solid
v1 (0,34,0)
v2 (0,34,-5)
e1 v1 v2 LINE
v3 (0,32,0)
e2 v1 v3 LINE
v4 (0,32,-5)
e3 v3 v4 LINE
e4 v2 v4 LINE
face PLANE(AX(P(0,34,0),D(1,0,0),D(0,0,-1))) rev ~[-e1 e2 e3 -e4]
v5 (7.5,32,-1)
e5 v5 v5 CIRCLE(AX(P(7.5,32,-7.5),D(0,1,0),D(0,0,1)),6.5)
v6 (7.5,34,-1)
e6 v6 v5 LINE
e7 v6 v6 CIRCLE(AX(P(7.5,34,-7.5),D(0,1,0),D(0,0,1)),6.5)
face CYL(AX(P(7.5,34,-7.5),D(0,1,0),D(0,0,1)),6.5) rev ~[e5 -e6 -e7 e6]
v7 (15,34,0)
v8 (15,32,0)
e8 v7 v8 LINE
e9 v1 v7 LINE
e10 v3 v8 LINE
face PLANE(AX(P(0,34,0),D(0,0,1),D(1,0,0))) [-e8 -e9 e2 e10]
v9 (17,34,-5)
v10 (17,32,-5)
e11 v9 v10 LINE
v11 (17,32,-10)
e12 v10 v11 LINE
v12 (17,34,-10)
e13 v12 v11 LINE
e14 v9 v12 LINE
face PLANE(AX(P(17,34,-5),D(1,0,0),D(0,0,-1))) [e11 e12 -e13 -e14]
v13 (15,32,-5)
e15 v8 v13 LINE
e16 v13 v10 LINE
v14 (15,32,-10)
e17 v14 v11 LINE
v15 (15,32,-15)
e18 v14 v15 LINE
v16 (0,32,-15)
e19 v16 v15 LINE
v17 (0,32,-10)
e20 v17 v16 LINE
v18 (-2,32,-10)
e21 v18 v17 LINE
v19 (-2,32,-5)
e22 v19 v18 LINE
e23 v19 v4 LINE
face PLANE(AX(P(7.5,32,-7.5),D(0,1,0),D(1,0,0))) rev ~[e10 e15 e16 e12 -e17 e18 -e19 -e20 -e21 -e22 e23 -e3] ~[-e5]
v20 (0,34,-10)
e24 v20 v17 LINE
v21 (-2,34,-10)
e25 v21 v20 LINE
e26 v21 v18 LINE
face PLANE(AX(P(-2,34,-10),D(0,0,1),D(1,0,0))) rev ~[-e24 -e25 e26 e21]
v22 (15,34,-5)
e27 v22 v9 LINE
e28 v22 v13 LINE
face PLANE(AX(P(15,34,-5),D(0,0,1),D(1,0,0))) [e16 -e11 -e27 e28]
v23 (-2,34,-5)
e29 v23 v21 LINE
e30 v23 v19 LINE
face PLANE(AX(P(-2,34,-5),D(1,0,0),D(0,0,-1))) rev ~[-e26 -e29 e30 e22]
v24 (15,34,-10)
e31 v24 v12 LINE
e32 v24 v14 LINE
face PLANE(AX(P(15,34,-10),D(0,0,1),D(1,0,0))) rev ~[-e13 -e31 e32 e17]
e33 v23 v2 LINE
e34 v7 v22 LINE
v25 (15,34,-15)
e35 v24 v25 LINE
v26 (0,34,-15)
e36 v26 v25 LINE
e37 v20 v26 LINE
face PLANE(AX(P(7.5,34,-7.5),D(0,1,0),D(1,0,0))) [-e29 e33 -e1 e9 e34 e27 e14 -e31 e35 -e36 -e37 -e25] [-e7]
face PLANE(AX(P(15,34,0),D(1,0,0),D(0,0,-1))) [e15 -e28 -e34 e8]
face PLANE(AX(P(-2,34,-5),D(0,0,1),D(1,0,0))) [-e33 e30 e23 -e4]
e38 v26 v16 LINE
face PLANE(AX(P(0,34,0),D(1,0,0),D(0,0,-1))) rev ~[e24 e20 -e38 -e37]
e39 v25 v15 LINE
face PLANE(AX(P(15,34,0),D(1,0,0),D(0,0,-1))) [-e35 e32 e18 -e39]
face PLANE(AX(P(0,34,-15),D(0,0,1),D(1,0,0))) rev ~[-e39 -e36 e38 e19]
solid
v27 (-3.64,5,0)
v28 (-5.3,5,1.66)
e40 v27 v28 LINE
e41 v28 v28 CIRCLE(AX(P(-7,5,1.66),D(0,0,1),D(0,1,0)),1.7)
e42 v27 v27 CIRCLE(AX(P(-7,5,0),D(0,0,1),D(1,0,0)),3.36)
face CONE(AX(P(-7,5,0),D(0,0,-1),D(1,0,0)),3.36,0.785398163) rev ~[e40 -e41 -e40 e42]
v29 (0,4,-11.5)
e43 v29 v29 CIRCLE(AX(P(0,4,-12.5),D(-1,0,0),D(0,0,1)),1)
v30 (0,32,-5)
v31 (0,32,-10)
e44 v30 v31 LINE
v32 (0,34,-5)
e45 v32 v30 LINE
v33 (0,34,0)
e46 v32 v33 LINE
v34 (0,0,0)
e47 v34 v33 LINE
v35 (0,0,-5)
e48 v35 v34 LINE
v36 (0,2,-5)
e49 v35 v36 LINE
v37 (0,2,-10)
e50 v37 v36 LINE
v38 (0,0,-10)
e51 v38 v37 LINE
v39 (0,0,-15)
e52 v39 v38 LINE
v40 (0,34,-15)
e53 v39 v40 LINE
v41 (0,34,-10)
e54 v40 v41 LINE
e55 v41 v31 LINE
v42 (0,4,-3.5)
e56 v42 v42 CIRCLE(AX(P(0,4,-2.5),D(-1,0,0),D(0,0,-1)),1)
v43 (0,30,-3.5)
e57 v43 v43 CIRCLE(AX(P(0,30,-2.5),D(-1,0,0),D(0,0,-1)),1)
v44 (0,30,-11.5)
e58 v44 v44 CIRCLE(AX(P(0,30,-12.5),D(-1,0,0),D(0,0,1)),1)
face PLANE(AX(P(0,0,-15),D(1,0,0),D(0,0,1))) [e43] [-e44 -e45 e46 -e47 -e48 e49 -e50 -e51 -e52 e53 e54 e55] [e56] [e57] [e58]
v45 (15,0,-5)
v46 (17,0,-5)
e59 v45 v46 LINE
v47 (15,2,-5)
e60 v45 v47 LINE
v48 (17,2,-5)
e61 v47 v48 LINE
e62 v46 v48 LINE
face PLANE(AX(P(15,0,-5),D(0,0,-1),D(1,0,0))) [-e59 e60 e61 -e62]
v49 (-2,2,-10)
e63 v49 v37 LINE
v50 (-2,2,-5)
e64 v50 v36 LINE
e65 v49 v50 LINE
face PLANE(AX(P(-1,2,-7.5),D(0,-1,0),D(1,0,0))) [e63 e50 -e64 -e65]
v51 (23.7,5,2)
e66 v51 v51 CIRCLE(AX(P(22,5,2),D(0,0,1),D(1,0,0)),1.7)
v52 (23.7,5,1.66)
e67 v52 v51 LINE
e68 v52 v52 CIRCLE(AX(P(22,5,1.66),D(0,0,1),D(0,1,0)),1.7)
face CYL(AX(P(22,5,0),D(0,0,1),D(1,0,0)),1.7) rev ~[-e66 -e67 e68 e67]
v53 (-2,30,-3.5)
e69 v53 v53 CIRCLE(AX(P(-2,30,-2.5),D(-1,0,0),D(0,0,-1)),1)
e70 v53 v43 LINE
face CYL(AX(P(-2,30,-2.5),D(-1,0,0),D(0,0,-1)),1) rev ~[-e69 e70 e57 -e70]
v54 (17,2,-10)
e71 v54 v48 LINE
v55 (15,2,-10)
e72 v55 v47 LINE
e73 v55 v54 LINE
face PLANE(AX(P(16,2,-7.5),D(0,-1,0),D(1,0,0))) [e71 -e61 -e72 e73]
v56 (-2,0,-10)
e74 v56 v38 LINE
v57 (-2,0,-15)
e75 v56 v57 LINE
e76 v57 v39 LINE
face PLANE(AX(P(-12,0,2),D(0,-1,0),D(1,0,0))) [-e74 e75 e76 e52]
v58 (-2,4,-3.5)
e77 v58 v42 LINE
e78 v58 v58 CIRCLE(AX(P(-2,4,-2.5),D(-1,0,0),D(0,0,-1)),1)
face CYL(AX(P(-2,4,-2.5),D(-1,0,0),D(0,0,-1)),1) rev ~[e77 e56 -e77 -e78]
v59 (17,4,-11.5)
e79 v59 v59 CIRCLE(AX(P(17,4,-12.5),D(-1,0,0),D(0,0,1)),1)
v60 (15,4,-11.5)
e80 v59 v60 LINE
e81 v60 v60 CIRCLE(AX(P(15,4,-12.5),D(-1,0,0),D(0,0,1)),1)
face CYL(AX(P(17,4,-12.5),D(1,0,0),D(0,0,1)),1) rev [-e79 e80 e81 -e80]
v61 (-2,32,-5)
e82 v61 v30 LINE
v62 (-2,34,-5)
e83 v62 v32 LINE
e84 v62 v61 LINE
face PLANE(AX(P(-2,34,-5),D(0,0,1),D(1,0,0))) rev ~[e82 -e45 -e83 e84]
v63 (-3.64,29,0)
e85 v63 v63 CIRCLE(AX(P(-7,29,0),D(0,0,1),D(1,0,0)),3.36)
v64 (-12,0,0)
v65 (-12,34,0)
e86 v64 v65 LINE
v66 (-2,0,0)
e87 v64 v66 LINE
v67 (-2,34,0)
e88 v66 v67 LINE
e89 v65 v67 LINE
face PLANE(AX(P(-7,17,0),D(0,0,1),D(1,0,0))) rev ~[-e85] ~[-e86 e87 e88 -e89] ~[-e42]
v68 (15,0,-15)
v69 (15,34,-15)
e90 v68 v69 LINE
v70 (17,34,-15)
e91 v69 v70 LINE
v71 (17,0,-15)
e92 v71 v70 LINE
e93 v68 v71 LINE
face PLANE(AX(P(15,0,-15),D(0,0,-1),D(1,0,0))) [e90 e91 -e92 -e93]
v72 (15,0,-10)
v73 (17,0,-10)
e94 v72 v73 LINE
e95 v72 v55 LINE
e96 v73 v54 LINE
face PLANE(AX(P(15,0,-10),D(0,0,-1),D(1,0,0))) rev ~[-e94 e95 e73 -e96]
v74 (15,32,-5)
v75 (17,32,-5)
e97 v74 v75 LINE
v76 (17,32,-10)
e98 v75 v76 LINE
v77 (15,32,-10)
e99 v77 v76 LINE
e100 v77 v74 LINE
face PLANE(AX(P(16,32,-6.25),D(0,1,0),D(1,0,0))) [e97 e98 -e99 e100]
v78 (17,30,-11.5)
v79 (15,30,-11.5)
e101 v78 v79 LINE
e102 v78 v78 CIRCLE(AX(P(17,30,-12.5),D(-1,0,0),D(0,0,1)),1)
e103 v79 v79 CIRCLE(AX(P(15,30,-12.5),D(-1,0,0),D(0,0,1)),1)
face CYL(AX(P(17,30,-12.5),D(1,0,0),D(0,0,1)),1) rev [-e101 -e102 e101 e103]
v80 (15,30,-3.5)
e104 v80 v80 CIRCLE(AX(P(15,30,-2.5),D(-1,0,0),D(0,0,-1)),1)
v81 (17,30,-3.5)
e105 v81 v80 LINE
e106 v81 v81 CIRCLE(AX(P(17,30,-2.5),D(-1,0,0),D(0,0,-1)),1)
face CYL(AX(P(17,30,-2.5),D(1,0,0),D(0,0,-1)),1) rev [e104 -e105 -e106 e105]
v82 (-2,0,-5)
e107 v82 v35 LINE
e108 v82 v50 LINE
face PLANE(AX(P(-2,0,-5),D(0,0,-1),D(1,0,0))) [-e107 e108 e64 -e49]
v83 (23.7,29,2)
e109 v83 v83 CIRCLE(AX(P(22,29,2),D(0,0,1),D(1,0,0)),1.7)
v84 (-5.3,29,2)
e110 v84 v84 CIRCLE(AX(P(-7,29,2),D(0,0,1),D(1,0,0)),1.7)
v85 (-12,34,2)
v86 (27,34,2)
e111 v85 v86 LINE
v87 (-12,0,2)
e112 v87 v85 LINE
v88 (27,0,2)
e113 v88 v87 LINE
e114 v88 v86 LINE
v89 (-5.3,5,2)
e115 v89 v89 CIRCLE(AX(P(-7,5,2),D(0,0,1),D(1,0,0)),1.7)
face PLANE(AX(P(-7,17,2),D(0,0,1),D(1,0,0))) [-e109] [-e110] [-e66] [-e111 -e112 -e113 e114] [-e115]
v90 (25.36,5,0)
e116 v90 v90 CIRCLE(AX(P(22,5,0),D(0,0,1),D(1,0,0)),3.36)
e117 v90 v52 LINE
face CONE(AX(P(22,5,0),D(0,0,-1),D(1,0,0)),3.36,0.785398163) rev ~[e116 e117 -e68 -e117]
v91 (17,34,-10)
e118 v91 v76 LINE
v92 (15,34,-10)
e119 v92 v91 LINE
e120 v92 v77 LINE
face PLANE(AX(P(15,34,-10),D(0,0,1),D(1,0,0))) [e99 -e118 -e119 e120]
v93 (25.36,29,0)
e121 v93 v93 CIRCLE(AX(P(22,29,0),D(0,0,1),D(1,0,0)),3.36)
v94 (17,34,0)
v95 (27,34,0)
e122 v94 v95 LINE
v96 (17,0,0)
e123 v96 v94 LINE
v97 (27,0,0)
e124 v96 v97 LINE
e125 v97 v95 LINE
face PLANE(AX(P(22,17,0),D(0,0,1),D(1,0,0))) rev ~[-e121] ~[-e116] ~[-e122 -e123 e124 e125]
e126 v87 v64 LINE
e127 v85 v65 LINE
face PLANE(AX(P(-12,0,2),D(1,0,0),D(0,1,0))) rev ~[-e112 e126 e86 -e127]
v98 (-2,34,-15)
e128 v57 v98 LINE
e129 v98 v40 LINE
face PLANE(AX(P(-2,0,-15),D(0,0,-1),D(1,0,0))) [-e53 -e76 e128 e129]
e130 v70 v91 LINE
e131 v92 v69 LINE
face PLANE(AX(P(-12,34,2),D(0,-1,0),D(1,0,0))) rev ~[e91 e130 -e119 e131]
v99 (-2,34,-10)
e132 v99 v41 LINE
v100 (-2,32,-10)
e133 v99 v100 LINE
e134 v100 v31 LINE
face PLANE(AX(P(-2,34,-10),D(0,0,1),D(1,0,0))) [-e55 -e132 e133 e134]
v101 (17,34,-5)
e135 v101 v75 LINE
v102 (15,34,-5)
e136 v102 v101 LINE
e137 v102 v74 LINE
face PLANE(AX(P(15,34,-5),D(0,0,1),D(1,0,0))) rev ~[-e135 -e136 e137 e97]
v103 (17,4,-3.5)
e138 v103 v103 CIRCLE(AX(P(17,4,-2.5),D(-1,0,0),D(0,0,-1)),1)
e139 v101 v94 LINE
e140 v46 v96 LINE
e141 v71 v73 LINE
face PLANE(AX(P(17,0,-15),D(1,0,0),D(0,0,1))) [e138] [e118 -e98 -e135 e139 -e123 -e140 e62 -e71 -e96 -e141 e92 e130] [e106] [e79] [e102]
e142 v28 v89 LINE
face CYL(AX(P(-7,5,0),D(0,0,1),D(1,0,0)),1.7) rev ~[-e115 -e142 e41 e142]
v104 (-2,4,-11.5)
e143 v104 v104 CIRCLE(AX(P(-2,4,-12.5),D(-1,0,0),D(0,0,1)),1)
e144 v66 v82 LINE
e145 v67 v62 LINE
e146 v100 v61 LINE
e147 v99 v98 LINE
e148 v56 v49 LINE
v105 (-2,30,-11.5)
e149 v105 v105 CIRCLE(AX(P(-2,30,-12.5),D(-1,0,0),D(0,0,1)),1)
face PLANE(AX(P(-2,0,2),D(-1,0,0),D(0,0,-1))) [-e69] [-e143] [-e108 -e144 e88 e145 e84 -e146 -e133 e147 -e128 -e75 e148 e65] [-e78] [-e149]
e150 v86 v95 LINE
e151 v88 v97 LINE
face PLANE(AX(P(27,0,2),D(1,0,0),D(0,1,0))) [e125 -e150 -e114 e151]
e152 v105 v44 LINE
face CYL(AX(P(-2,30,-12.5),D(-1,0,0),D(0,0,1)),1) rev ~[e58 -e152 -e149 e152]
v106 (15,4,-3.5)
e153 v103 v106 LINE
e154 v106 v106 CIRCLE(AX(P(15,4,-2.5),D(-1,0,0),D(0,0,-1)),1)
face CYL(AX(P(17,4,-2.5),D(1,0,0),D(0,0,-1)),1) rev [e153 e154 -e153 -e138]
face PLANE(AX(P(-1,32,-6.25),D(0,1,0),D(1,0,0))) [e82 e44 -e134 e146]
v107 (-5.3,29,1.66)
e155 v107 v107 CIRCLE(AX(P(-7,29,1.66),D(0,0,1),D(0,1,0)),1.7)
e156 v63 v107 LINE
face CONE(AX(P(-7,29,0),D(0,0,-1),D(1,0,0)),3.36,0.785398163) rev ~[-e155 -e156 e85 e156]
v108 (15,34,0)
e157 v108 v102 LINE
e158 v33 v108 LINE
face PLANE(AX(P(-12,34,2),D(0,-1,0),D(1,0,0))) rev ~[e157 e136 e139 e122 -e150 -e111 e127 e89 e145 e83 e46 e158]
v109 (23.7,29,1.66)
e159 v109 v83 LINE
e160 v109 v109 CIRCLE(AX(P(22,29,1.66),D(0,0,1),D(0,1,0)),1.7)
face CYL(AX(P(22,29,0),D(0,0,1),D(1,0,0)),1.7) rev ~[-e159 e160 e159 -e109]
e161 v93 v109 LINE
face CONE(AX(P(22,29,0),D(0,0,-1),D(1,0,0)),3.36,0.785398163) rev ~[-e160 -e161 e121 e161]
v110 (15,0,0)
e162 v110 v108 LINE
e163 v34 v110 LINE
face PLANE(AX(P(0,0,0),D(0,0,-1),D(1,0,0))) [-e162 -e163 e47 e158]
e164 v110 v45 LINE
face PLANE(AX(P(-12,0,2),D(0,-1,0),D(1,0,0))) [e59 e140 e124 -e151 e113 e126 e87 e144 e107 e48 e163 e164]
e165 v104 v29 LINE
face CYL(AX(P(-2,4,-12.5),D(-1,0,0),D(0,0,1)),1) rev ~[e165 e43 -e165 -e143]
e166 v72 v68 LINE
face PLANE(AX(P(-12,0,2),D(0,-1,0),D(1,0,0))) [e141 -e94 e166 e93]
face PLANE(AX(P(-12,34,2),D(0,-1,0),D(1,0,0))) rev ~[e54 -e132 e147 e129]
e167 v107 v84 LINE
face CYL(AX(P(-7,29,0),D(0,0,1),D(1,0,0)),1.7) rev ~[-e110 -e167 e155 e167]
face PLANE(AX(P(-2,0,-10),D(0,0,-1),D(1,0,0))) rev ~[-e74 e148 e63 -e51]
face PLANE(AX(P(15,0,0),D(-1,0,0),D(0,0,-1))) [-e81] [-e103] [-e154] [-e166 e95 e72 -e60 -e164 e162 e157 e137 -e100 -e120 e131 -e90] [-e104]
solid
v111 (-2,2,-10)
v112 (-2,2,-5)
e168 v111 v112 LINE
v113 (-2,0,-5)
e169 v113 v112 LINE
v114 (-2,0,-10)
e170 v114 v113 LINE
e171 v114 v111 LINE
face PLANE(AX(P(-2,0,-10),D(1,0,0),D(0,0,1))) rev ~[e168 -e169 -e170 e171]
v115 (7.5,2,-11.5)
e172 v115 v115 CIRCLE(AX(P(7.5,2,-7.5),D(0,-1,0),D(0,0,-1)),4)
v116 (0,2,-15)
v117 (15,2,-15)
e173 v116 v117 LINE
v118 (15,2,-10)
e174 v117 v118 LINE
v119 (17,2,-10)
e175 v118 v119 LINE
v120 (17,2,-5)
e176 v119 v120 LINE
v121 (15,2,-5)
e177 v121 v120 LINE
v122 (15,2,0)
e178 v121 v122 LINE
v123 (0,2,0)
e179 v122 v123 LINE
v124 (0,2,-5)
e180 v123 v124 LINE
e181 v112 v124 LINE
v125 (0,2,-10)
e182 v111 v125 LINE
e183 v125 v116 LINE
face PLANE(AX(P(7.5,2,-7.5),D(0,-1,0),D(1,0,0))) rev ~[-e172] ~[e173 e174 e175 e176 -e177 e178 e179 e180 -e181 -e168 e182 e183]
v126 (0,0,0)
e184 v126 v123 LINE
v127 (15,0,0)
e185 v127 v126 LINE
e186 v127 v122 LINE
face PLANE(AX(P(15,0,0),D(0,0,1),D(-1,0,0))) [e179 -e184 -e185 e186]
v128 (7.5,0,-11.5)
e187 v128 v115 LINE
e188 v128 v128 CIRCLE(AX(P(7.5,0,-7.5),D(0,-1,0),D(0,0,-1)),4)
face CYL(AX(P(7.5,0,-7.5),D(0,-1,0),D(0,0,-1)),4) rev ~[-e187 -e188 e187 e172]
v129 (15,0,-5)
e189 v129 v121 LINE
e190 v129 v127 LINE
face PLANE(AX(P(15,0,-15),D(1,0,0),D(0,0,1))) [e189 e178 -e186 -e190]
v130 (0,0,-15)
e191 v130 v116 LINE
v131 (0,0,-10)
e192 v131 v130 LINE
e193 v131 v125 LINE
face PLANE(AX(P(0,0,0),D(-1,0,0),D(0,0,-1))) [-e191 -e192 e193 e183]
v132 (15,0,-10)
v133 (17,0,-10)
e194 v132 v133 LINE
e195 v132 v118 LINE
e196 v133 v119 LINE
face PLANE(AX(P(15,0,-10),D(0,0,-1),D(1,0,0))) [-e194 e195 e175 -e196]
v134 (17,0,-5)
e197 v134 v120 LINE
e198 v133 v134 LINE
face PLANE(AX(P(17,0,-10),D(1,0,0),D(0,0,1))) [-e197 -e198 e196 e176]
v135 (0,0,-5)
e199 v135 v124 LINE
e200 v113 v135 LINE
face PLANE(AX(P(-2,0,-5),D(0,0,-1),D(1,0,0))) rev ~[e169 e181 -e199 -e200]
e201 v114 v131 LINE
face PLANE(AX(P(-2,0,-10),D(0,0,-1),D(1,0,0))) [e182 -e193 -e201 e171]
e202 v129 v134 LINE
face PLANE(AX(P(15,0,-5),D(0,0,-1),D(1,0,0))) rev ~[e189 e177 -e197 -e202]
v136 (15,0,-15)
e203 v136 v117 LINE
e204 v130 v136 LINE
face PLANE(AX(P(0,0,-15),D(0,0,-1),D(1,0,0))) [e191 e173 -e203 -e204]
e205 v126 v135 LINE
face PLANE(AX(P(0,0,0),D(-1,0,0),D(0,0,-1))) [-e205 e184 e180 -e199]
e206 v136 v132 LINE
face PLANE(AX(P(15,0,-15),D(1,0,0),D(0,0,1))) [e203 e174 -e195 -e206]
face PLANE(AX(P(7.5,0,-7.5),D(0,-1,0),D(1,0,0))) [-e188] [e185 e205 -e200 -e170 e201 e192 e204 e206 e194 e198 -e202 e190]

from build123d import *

# Parameters (mm, degrees)
BOSS_EXTRUDE1_DEPTH                                  = 34
SKETCH2_W                                            = 10
SKETCH2_H                                            = 34
BOSS_EXTRUDE2_DEPTH                                  = 2
CSK_FOR_M3_HEX_SOCKET_COUNTERSUNK_CAP_SC_D           = 3.4
CSK_FOR_M3_HEX_SOCKET_COUNTERSUNK_CAP_SC_DEPTH       = 30
CSK_FOR_M3_HEX_SOCKET_COUNTERSUNK_CAP_SC_CSINK_D     = 6.72
CSK_FOR_M3_HEX_SOCKET_COUNTERSUNK_CAP_SC_CSINK_ANGLE = 90
CSK_FOR_M3_HEX_SOCKET_COUNTERSUNK_CAP_SC_TIP         = 1.021463052
SKETCH6_W                                            = 2
SKETCH6_H                                            = 5
CUT_EXTRUDE3_DEPTH                                   = 2
SKETCH6_5_R                                          = 4
BOSS_EXTRUDE5_DEPTH                                  = 2
CUT_EXTRUDE6_DEPTH                                   = 2
SKETCH9_3_R                                          = 6.5
BOSS_EXTRUDE7_DEPTH                                  = 2
SKETCH10_R                                           = 1
CUT_EXTRUDE7_DEPTH                                   = 2


with BuildPart() as part:
    # Sketch1 → Boss-Extrude1 (new body)
    with BuildSketch(Plane(origin=(0, 0, 0), x_dir=(1, 0, 0), z_dir=(0, 1, 0))):
        Polygon((0, 15), (0, 0), (15, 0), (15, 15), (17, 15), (17, -2), (-2, -2), (-2, 15), align=None)
    extrude(amount=BOSS_EXTRUDE1_DEPTH)

    # Sketch2 → Boss-Extrude2 (add)
    with BuildSketch(Plane.XY.offset(2)):
        with Locations((-7, 17)):
            Rectangle(SKETCH2_W, SKETCH2_H)
        with Locations((22, 17)):
            Rectangle(SKETCH2_W, SKETCH2_H)
    extrude(amount=-BOSS_EXTRUDE2_DEPTH)

    # CSK for M3 Hex Socket Countersunk Cap Screw1
    with Locations(Plane(origin=(0, 0, 0), x_dir=(-1, 0, 0), z_dir=(0, 0, -1))):
        with Locations((7, 29), (7, 5), (-22, 5), (-22, 29)):
            CounterSinkHole(CSK_FOR_M3_HEX_SOCKET_COUNTERSUNK_CAP_SC_D / 2, CSK_FOR_M3_HEX_SOCKET_COUNTERSUNK_CAP_SC_CSINK_D / 2, depth=CSK_FOR_M3_HEX_SOCKET_COUNTERSUNK_CAP_SC_DEPTH, counter_sink_angle=CSK_FOR_M3_HEX_SOCKET_COUNTERSUNK_CAP_SC_CSINK_ANGLE)
            with Locations((0, 0, -(CSK_FOR_M3_HEX_SOCKET_COUNTERSUNK_CAP_SC_DEPTH + CSK_FOR_M3_HEX_SOCKET_COUNTERSUNK_CAP_SC_TIP / 2))):  # 118° drill point
                Cone(0, CSK_FOR_M3_HEX_SOCKET_COUNTERSUNK_CAP_SC_D / 2, CSK_FOR_M3_HEX_SOCKET_COUNTERSUNK_CAP_SC_TIP, mode=Mode.SUBTRACT)

    # Sketch6 → Cut-Extrude3 (cut)
    with BuildSketch(Plane.XZ):
        with Locations((-1, -7.5)):
            Rectangle(SKETCH6_W, SKETCH6_H)
        with Locations((16, -7.5)):
            Rectangle(SKETCH6_W, SKETCH6_H)
    extrude(amount=-CUT_EXTRUDE3_DEPTH, mode=Mode.SUBTRACT)

    # Sketch9 → Cut-Extrude6 (cut)
    with BuildSketch(Plane(origin=(0, 34, 0), x_dir=(1, 0, 0), z_dir=(0, 1, 0))):
        Polygon((-2, 10), (-2, 5), (0, 5), (0, 0), (15, 0), (15, 5), (17, 5), (17, 10), (15, 10), (15, 15), (0, 15), (0, 10), align=None)
    extrude(amount=-CUT_EXTRUDE6_DEPTH, mode=Mode.SUBTRACT)

    # Sketch10 → Cut-Extrude7 (cut)
    with BuildSketch(Plane.ZY.offset(2)):
        with Locations((-12.5, 4)):
            Circle(SKETCH10_R)
        with Locations((-12.5, 30)):
            Circle(SKETCH10_R)
        with Locations((-2.5, 30)):
            Circle(SKETCH10_R)
        with Locations((-2.5, 4)):
            Circle(SKETCH10_R)
    cut_extrude7 = extrude(amount=-CUT_EXTRUDE7_DEPTH, mode=Mode.SUBTRACT)

    # Mirror2: Cut-Extrude7 across plane
    add(cut_extrude7.mirror(Plane(origin=(7.5, 0, 0), x_dir=(0, 0, 1), z_dir=(1, 0, 0))), mode=Mode.SUBTRACT)


with BuildPart() as body_2:
    # Sketch6<5> → Boss-Extrude5 (new body)
    with BuildSketch(Plane.XZ):
        Polygon((15, 0), (0, 0), (0, -5), (-2, -5), (-2, -10), (0, -10), (0, -15), (15, -15), (15, -10), (17, -10), (17, -5), (15, -5), align=None)
        with Locations((7.5, -7.5)):
            Circle(SKETCH6_5_R, mode=Mode.SUBTRACT)
    extrude(amount=-BOSS_EXTRUDE5_DEPTH)


with BuildPart() as body_3:
    # Sketch9<3> → Boss-Extrude7 (new body)
    with BuildSketch(Plane(origin=(0, 34, 0), x_dir=(1, 0, 0), z_dir=(0, 1, 0))):
        Polygon((-2, 10), (-2, 5), (0, 5), (0, 0), (15, 0), (15, 5), (17, 5), (17, 10), (15, 10), (15, 15), (0, 15), (0, 10), align=None)
        with Locations((7.5, 7.5)):
            Circle(SKETCH9_3_R, mode=Mode.SUBTRACT)
    extrude(amount=-BOSS_EXTRUDE7_DEPTH)


solid = Compound([part.part, body_2.part, body_3.part])
